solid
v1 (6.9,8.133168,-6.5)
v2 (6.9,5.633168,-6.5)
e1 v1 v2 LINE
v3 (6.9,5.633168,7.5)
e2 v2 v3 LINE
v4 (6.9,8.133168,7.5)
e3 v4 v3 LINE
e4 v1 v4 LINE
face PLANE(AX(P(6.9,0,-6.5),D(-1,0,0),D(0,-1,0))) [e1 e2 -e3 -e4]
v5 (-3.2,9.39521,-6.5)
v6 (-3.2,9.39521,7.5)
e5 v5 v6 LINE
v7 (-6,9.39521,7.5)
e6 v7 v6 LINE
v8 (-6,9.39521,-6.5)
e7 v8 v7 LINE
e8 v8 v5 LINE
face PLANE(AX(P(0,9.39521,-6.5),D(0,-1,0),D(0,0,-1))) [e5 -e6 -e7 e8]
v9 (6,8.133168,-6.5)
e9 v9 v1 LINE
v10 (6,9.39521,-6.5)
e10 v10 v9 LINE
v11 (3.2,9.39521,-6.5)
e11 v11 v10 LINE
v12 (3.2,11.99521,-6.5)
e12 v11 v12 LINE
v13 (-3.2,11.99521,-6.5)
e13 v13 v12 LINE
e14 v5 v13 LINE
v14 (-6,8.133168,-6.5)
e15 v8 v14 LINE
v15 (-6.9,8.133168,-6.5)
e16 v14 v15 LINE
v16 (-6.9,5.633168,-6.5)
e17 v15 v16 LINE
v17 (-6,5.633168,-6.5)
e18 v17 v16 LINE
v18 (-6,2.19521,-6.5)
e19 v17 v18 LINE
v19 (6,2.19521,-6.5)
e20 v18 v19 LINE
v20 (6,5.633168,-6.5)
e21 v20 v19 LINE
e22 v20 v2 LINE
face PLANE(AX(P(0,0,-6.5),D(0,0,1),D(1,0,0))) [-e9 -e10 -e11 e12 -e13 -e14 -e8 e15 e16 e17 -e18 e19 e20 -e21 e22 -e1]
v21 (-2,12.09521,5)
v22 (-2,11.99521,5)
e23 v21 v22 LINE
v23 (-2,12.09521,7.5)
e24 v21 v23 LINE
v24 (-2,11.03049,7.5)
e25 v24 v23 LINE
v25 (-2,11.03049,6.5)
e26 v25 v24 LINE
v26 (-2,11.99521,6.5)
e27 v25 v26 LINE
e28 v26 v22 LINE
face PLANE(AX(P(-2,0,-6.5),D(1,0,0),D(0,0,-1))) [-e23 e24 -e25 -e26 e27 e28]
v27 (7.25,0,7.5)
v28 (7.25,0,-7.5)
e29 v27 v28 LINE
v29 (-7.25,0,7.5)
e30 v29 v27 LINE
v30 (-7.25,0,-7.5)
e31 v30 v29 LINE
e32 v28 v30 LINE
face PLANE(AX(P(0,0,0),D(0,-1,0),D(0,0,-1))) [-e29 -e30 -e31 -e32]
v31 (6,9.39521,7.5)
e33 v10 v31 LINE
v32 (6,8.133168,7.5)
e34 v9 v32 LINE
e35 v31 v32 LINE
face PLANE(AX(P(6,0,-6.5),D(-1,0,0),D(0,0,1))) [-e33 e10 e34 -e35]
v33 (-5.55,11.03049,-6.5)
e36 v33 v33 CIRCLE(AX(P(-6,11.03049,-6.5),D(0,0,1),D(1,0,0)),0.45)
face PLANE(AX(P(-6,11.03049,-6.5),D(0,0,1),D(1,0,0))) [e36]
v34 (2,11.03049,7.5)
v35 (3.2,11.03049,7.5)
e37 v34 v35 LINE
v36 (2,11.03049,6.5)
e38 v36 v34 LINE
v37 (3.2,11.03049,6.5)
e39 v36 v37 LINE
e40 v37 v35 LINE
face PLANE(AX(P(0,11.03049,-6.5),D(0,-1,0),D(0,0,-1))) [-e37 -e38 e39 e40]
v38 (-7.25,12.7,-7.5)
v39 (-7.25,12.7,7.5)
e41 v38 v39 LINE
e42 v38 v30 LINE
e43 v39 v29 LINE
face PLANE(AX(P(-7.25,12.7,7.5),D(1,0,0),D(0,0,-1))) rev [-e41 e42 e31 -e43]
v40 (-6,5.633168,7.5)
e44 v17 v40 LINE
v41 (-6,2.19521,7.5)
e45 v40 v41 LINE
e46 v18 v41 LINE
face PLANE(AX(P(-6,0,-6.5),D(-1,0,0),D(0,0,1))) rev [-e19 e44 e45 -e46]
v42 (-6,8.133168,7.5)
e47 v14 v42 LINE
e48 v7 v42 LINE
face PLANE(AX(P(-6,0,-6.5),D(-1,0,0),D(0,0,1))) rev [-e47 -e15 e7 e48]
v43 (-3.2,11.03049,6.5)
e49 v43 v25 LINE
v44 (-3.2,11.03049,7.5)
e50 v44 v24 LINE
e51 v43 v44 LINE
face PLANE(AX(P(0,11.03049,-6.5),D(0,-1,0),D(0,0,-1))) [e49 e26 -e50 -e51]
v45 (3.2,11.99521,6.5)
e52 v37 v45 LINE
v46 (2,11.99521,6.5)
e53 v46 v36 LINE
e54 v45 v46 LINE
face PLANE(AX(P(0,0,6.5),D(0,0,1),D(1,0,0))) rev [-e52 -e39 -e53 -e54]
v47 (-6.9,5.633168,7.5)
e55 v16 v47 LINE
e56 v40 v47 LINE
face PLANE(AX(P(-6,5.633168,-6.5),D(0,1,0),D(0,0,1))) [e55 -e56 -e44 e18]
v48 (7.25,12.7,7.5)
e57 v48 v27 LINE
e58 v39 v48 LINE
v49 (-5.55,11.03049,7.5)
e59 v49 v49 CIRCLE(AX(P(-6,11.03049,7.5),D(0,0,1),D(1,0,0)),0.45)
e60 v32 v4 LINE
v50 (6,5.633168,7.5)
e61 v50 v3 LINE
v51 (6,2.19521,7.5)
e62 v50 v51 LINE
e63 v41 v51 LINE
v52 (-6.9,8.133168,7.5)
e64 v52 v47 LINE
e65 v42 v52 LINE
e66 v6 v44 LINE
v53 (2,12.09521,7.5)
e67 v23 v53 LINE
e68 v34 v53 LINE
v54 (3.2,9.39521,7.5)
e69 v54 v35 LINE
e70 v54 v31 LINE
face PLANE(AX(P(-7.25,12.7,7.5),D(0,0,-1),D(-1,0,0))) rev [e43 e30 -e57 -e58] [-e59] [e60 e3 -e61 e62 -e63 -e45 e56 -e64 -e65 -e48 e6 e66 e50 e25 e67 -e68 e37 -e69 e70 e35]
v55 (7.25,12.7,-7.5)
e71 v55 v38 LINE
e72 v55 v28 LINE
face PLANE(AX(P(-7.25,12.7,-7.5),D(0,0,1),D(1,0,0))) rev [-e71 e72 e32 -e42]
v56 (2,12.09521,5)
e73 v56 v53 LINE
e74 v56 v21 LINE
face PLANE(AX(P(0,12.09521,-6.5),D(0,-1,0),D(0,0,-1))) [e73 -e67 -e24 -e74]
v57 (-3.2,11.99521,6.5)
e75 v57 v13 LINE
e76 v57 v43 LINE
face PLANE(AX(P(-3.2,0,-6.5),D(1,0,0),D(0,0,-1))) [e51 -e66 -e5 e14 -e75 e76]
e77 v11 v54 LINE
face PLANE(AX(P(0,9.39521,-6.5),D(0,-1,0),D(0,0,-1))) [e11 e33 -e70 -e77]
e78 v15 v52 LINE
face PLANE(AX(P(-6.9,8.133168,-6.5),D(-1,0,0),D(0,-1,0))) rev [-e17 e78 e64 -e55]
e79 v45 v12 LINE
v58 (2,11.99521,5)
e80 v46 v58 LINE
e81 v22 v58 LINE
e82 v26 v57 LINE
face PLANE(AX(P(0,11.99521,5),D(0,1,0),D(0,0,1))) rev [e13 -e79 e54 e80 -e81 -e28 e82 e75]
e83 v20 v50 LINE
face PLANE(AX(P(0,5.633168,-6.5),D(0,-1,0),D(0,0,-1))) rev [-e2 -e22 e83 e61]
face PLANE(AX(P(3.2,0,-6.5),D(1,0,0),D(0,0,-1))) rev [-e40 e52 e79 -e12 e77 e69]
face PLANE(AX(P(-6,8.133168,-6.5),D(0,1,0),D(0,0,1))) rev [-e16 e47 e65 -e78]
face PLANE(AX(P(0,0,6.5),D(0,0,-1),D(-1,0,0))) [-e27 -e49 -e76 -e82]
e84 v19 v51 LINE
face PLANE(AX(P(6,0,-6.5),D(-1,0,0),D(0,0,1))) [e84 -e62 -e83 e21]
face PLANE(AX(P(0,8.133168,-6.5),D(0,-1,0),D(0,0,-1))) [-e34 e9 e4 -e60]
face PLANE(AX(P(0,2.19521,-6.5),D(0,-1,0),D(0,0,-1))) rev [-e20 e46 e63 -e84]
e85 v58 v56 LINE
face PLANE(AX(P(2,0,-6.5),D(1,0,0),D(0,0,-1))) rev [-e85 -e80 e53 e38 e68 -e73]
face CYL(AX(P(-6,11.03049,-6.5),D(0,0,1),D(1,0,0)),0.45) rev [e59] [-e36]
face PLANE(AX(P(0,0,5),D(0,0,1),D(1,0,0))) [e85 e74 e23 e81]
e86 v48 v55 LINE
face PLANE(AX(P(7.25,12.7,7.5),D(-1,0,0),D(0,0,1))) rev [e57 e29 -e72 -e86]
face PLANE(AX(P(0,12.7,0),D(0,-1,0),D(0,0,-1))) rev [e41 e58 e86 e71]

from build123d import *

# Parameters (mm, degrees)
SKETCH2_W               = 14.5
SKETCH2_H               = 15
OUTLINE_EXTRUSION_DEPTH = 12.7
SKETCH3_W               = 12
SKETCH3_H               = 7.2
SKETCH3_W_2             = 4
SKETCH3_H_2             = 1.06471969
SKETCH3_W_3             = 0.9
SKETCH3_H_3             = 2.5
CUT_EXTRUDE1_DEPTH      = 14
SKETCH5_R               = 0.45
CUT_EXTRUDE2_DEPTH      = 14
SKETCH6_W               = 4
SKETCH6_H               = 0.1
BOSS_EXTRUDE1_DEPTH     = 11.5
SKETCH7_W               = 1.2
SKETCH7_H               = 0.96471969
CUT_EXTRUDE3_DEPTH      = 13


with BuildPart() as part:
    # Sketch2 → Outline extrusion (new body)
    with BuildSketch(Plane(origin=(0, 0, 0), x_dir=(1, 0, 0), z_dir=(0, 1, 0))):
        Rectangle(SKETCH2_W, SKETCH2_H)
    extrude(amount=OUTLINE_EXTRUSION_DEPTH)

    # Sketch3 → Cut-Extrude1 (cut)
    with BuildSketch(Plane.XY.offset(7.5)):
        with Locations((0, 5.795210166)):
            Rectangle(SKETCH3_W, SKETCH3_H)
        Polygon((-3.2, 11.030490476), (-3.2, 9.395210166), (3.2, 9.395210166), (3.2, 11.030490476), (2, 11.030490476), (-2, 11.030490476), align=None)
        with Locations((0, 11.562850321)):
            Rectangle(SKETCH3_W_2, SKETCH3_H_2)
        with Locations((6.45, 6.883168125)):
            Rectangle(SKETCH3_W_3, SKETCH3_H_3)
        with Locations((-6.45, 6.883168125)):
            Rectangle(SKETCH3_W_3, SKETCH3_H_3)
    extrude(amount=-CUT_EXTRUDE1_DEPTH, mode=Mode.SUBTRACT)

    # Sketch5 → Cut-Extrude2 (cut)
    with BuildSketch(Plane.XY.offset(7.5)):
        with Locations((-6, 11.030490476)):
            Circle(SKETCH5_R)
    extrude(amount=-CUT_EXTRUDE2_DEPTH, mode=Mode.SUBTRACT)

    # Sketch6 → Boss-Extrude1 (add)
    with BuildSketch(Plane.XY.offset(-6.5)):
        with Locations((0, 12.045210166)):
            Rectangle(SKETCH6_W, SKETCH6_H)
    extrude(amount=BOSS_EXTRUDE1_DEPTH)

    # Sketch7 → Cut-Extrude3 (cut)
    with BuildSketch(Plane.XY.offset(-6.5)):
        with Locations((-2.6, 11.512850321)):
            Rectangle(SKETCH7_W, SKETCH7_H)
        with Locations((2.6, 11.512850321)):
            Rectangle(SKETCH7_W, SKETCH7_H)
    extrude(amount=CUT_EXTRUDE3_DEPTH, mode=Mode.SUBTRACT)


solid = part.part
